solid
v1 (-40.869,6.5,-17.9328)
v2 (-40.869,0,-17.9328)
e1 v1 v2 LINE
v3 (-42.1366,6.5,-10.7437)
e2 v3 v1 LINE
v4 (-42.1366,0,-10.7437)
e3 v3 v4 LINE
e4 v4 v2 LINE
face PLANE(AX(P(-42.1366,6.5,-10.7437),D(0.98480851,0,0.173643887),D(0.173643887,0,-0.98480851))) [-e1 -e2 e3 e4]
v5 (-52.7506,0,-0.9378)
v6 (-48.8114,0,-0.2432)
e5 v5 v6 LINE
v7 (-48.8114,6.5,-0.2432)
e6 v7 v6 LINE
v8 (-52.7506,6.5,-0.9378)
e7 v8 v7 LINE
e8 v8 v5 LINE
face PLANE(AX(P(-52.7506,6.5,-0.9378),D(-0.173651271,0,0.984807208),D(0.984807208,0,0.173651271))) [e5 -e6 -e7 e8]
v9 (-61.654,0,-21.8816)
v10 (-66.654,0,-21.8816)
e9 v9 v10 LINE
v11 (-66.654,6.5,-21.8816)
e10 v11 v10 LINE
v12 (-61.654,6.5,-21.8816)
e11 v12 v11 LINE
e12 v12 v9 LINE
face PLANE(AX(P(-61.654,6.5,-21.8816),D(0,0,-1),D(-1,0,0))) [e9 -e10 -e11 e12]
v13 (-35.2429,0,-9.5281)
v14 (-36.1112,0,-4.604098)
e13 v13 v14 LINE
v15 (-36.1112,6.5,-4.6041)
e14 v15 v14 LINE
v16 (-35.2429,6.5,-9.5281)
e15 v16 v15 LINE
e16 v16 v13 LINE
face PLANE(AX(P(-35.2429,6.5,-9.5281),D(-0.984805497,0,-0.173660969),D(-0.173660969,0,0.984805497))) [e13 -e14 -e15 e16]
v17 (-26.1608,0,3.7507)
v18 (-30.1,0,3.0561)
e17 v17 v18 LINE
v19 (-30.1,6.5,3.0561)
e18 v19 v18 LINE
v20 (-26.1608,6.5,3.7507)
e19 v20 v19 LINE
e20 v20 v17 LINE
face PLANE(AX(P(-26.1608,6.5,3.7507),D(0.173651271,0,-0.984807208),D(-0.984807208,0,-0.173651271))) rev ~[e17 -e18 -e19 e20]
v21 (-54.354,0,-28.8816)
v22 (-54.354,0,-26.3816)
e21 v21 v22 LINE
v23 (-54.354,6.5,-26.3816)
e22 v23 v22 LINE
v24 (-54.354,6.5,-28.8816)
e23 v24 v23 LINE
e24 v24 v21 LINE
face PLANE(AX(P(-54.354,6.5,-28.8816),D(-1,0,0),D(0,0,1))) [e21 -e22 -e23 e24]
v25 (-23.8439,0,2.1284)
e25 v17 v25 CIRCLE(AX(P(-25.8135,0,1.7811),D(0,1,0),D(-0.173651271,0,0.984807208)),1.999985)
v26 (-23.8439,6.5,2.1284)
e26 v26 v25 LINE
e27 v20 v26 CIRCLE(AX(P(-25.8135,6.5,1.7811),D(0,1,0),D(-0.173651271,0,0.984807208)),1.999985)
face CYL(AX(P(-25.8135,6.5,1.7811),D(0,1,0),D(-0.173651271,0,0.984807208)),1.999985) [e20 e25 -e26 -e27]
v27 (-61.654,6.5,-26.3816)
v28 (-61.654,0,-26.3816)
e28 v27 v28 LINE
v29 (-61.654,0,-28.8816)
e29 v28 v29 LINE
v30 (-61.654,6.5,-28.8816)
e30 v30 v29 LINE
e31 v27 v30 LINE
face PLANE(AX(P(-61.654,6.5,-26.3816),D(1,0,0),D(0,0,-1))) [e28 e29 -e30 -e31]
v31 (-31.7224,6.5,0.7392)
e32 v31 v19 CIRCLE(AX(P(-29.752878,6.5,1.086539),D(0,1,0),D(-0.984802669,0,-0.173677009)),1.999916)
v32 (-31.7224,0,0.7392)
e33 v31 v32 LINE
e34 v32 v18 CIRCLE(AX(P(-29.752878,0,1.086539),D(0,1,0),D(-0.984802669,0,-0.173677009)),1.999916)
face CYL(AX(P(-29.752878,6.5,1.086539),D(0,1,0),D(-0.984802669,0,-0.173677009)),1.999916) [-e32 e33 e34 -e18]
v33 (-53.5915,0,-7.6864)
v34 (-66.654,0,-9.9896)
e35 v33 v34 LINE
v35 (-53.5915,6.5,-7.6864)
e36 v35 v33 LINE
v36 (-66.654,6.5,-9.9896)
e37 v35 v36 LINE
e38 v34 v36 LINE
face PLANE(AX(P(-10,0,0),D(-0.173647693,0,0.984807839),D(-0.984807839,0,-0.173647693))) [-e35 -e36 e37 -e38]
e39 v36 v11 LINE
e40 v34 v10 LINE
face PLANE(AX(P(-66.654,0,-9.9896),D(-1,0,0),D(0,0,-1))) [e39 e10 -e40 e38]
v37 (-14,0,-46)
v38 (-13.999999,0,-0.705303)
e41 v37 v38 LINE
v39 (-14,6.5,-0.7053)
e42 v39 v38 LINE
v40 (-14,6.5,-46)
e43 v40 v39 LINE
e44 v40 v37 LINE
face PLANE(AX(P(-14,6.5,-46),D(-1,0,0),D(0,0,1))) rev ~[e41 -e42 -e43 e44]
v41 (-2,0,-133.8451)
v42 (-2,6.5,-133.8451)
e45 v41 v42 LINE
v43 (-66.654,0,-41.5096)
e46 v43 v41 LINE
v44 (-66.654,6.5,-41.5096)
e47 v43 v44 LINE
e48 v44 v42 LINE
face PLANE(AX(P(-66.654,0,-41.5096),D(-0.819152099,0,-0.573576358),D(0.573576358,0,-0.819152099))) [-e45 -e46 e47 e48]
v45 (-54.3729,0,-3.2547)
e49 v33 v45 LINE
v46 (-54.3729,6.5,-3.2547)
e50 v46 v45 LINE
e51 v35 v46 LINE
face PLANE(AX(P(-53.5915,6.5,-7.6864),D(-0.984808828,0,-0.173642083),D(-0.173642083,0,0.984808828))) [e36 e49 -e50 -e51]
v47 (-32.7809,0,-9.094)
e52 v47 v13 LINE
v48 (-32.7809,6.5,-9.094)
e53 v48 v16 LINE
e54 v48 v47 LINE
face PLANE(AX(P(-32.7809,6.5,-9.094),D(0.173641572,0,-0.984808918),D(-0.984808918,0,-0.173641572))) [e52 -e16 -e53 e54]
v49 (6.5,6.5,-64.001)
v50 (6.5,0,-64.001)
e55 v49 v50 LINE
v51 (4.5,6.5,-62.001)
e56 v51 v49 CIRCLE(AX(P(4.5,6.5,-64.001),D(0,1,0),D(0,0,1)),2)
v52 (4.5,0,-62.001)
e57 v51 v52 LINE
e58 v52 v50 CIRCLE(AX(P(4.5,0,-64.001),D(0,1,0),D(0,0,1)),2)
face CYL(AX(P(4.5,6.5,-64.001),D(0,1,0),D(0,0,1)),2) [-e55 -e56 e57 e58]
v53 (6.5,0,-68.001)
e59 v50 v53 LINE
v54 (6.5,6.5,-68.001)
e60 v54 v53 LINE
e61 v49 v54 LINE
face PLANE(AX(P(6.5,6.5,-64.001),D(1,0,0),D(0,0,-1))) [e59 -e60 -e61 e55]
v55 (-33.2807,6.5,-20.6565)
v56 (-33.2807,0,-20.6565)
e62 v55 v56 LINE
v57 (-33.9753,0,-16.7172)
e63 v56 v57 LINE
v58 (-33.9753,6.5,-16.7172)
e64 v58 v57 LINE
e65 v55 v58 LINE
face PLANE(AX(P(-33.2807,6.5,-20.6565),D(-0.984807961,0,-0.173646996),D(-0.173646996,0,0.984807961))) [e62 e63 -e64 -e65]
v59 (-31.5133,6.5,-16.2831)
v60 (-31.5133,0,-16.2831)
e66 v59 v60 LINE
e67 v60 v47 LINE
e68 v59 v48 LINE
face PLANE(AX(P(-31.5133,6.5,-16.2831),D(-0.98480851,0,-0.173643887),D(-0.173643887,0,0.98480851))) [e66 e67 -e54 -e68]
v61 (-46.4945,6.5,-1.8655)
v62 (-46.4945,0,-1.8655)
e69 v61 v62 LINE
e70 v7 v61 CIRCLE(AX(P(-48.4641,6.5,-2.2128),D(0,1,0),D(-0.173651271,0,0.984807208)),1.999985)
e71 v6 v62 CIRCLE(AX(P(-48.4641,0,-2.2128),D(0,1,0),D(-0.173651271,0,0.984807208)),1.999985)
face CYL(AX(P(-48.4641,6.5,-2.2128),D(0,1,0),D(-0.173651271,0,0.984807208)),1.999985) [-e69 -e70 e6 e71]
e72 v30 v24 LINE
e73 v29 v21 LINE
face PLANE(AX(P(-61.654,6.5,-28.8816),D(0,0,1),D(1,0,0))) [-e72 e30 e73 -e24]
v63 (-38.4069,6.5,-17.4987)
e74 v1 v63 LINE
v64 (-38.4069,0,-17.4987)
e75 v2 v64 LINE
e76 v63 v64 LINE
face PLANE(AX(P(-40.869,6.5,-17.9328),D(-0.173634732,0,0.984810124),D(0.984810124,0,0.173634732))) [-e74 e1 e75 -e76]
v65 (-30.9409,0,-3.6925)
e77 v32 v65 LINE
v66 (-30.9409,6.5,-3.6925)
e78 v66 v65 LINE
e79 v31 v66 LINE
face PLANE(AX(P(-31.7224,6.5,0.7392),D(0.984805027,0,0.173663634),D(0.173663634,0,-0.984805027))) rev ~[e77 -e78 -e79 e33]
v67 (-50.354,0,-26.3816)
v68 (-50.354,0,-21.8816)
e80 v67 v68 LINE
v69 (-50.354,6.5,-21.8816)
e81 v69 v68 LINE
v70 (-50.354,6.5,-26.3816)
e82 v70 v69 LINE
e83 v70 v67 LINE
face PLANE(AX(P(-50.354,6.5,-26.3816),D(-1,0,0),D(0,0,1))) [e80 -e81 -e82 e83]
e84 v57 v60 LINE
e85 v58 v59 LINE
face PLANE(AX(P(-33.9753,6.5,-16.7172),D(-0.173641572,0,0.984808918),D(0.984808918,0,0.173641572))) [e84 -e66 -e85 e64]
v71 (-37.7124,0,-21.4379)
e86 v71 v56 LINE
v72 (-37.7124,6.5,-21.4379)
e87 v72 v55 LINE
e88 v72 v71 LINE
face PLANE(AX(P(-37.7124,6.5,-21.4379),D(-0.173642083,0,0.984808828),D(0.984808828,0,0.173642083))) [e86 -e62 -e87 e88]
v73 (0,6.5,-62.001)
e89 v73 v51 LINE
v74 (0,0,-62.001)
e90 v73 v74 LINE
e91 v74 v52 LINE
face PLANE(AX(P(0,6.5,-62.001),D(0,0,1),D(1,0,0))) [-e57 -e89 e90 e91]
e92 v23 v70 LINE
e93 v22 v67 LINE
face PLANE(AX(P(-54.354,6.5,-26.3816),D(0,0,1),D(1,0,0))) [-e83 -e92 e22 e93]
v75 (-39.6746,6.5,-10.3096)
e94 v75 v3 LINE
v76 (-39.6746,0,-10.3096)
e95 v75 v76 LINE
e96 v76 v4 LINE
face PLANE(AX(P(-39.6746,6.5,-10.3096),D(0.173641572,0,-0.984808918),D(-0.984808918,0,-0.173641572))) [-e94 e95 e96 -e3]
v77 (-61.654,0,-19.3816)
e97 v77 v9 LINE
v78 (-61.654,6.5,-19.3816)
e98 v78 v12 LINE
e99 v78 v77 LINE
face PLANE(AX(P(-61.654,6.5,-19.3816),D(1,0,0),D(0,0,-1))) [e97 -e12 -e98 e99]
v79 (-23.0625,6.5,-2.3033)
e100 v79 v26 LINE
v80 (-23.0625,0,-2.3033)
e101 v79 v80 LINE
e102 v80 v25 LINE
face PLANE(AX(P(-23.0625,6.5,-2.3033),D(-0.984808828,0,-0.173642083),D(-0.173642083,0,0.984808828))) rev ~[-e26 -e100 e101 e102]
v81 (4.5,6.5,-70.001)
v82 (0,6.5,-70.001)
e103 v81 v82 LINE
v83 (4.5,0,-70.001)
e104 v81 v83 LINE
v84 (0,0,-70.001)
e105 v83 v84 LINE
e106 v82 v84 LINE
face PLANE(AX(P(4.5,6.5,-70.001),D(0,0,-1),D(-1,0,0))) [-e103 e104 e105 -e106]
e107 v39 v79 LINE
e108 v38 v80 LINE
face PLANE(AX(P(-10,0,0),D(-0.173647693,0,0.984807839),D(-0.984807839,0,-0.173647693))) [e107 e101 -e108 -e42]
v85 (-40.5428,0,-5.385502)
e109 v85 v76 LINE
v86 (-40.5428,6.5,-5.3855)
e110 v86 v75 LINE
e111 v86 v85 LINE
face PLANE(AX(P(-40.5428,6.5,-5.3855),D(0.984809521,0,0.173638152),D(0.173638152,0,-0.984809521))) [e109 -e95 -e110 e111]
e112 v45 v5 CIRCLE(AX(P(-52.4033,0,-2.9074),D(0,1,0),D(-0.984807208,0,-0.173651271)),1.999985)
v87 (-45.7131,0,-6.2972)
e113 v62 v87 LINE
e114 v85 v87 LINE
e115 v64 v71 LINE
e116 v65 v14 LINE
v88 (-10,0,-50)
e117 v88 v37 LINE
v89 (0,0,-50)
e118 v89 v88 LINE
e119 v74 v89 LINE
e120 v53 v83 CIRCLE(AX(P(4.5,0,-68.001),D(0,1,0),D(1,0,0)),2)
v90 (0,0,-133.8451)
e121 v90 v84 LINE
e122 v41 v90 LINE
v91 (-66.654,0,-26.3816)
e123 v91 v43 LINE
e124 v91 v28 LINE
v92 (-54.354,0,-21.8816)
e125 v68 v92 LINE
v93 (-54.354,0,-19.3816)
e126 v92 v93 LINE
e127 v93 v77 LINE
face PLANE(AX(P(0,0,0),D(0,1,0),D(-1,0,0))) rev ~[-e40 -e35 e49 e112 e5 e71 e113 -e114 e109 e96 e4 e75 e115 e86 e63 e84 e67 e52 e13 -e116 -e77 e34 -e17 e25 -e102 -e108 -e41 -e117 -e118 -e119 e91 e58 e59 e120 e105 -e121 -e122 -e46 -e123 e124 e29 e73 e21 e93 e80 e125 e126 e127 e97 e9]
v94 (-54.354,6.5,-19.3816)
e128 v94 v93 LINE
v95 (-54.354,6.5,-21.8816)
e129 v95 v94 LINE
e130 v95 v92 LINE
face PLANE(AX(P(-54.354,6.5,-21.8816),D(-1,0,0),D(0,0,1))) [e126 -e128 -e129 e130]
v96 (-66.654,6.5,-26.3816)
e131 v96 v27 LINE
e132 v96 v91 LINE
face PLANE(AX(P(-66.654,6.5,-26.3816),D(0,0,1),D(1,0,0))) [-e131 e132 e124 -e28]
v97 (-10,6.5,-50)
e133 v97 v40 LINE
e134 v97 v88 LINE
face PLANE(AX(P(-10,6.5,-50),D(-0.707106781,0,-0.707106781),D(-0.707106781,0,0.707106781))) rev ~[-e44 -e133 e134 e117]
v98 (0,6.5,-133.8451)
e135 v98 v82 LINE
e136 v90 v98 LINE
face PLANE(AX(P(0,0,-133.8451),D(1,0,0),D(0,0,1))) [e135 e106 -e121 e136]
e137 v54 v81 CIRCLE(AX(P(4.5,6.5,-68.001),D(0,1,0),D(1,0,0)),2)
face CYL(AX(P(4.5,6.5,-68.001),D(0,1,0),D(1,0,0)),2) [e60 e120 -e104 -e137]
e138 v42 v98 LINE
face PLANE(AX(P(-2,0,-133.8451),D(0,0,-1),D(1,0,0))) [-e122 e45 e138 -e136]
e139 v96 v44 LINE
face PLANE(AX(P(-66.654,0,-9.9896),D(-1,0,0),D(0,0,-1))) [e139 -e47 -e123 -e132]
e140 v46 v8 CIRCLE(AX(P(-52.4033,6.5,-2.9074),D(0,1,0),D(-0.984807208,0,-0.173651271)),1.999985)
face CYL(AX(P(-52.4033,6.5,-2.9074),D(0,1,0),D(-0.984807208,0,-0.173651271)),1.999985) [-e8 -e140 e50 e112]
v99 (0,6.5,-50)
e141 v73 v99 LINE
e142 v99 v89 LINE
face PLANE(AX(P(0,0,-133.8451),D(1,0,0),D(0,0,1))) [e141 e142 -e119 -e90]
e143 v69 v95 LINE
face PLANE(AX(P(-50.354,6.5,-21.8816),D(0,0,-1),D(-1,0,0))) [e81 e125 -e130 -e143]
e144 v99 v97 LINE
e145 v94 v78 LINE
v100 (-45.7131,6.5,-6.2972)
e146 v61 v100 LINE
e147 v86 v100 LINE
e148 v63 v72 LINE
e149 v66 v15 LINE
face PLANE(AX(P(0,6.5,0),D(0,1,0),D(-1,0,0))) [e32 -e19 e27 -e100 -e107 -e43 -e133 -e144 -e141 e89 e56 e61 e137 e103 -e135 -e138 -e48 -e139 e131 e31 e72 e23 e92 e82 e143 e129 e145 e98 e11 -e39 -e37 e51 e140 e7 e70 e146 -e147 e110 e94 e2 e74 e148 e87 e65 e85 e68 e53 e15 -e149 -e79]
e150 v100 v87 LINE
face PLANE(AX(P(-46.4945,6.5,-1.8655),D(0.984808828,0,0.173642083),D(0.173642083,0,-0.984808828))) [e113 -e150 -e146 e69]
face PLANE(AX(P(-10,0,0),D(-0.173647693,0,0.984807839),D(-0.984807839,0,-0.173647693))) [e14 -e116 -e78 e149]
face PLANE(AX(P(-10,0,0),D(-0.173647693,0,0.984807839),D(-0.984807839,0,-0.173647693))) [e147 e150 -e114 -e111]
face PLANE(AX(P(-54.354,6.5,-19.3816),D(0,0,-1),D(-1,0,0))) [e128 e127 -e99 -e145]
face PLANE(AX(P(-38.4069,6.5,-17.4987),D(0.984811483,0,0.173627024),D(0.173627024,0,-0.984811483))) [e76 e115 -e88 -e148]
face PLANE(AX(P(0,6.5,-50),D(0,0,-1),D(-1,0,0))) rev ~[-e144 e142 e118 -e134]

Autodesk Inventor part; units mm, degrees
ref_plane "YZ Plane" through (0, 0, 0) normal (1, 0, 0) x (0, 1, 0)
ref_plane "XZ Plane" through (0, 0, 0) normal (0, 1, 0) x (-1, 0, 0)
ref_plane "XY Plane" through (0, 0, 0) normal (0, 0, 1) x (1, 0, 0)
sketch "Sketch1" plane through (0, 0, 0) normal (0, 1, 0) x (-1, 0, 0)
  line L0 (0, 0) -> (10, 0)
  line L1 (10, 0) -> (66.654, -9.9896)
  line L2 (66.654, -9.9896) -> (66.654, -41.5096)
  line L3 (66.654, -41.5096) -> (2, -133.8451)
  line L4 (2, -133.8451) -> (0, -133.8451)
  line L5 (0, -133.8451) -> (0, 0)
  dimension "d0" = 31.52
  dimension "d1" = 145
  dimension "d2" = 100
  dimension "d3" = 10
  dimension "d4" = 2
  dimension "d5" = 66.654
extrude "Extrusion1" add sketch "Sketch1" along normal blind 6.5
sketch "Sketch2" plane through (0, 6.5, 0) normal (0, 1, 0) x (1, 0, 0)
  line L0 (-66.654, 41.5096) -> (-66.654, 9.9896) projected
  line L1 (-66.654, 9.9896) -> (-10, 0) projected
  line L2 (-50.354, 26.3816) -> (-50.354, 21.8816)
  line L3 (-66.654, 21.8816) -> (-66.654, 26.3816)
  line L4 (-61.654, 28.8816) -> (-54.354, 28.8816)
  line L5 (-54.354, 19.3816) -> (-61.654, 19.3816)
  line L6 (-66.654, 26.3816) -> (-61.654, 26.3816)
  line L7 (-54.354, 26.3816) -> (-50.354, 26.3816)
  line L8 (-61.654, 19.3816) -> (-61.654, 21.8816)
  line L9 (-61.654, 26.3816) -> (-61.654, 28.8816)
  line L10 (-50.354, 21.8816) -> (-54.354, 21.8816)
  line L11 (-61.654, 21.8816) -> (-66.654, 21.8816)
  line L12 (-54.354, 28.8816) -> (-54.354, 26.3816)
  line L13 (-54.354, 21.8816) -> (-54.354, 19.3816)
  line L14 (-37.7124, 21.4379) -> (-33.2807, 20.6565)
  line L15 (-36.1112, 4.6041) -> (-40.5428, 5.3855)
  line L16 (-42.1366, 10.7437) -> (-40.869, 17.9328)
  line L17 (-31.5133, 16.2831) -> (-32.7809, 9.094)
  line L18 (-40.5428, 5.3855) -> (-39.6746, 10.3096)
  line L19 (-38.4069, 17.4987) -> (-37.7124, 21.4379)
  line L20 (-32.7809, 9.094) -> (-35.2429, 9.5281)
  line L21 (-39.6746, 10.3096) -> (-42.1366, 10.7437)
  line L22 (-33.2807, 20.6565) -> (-33.9753, 16.7172)
  line L23 (-35.2429, 9.5281) -> (-36.1112, 4.6041)
  line L24 (-40.869, 17.9328) -> (-38.4069, 17.4987)
  line L25 (-33.9753, 16.7172) -> (-31.5133, 16.2831)
  point P0 (-38.327, 4.9948)
  point P1 (-50.354, 24.1316)
  dimension "d8" = 4.5
  dimension "d9" = 5
  dimension "d10" = 4
  dimension "d11" = 7.3
  dimension "d12" = 2.5
  dimension "d13" = 4.5
  dimension "d14" = 5
  dimension "d15" = 4
  dimension "d16" = 7.3
  dimension "d17" = 2.5
  dimension "d35" = 14.142
extrude "Extrusion2" cut sketch "Sketch2" against normal through all
sketch "Sketch3" plane through (0, 6.5, 0) normal (0, 1, 0) x (1, 0, 0)
  line L0 (-66.654, 9.9896) -> (-40.5428, 5.3855) projected
  line L1 (-37.7124, 21.4379) -> (-33.2807, 20.6565) projected
  line L2 (-36.1112, 4.6041) -> (-10, 0) projected
  line L3 (-45.7131, 6.2972) -> (-53.5915, 7.6864)
  line L4 (-53.5915, 7.6864) -> (-54.3729, 3.2547)
  line L5 (-52.7506, 0.9378) -> (-48.8114, 0.2432)
  line L6 (-46.4945, 1.8655) -> (-45.7131, 6.2972)
  line L7 (-30.9409, 3.6925) -> (-23.0625, 2.3033)
  line L8 (-23.0625, 2.3033) -> (-23.8439, -2.1284)
  line L9 (-26.1608, -3.7507) -> (-30.1, -3.0561)
  line L10 (-31.7224, -0.7392) -> (-30.9409, 3.6925)
  arc A0 (-54.3729, 3.2547) -> (-52.7506, 0.9378) centre (-52.4033, 2.9074) ccw
  arc A1 (-48.8114, 0.2432) -> (-46.4945, 1.8655) centre (-48.4641, 2.2128) ccw
  arc A2 (-31.7224, -0.7392) -> (-30.1, -3.0561) centre (-29.7527, -1.0865) ccw
  arc A3 (-26.1608, -3.7507) -> (-23.8439, -2.1284) centre (-25.8135, -1.7811) ccw
  point P0 (-35.4965, 21.0472)
  dimension "d20" = 2
  dimension "d21" = 8
  dimension "d22" = 8
  dimension "d23" = 6.5
  dimension "d24" = 15
  dimension "d25" = 7.5
extrude "Extrusion3" add sketch "Sketch3" against normal blind 6.5
sketch "Sketch4" plane through (0, 6.5, 0) normal (0, 1, 0) x (1, 0, 0)
  line L0 (-23.0625, 2.3033) -> (-10, 0) projected
  line L1 (-10, 0) -> (0, 0) projected
  line L2 (0, 0) -> (0, 133.8451) projected
  line L3 (-61.654, 19.3816) -> (-61.654, 21.8816) projected
  line L4 (0, 50) -> (-10, 50)
  line L5 (-10, 50) -> (-14, 46)
  line L6 (-14, 46) -> (-14, 0.7053)
  dimension "d28" = 45
  dimension "d29" = 10
  dimension "d30" = 50
  dimension "d32" = 4
extrude "Extrusion4" cut sketch "Sketch4" against normal through all
sketch "Sketch5" plane through (0, 6.5, 0) normal (0, 1, 0) x (1, 0, 0)
  line L0 (0, 50) -> (0, 133.8451) projected
  line L1 (0, 62.001) -> (4.5, 62.001)
  line L2 (6.5, 64.001) -> (6.5, 68.001)
  line L3 (4.5, 70.001) -> (0, 70.001)
  line L4 (0, 70.001) -> (0, 62.001)
  arc A0 (4.5, 62.001) -> (6.5, 64.001) centre (4.5, 64.001) ccw
  arc A1 (6.5, 68.001) -> (4.5, 70.001) centre (4.5, 68.001) ccw
  point P0 (0, 0)
  dimension "d36" = 2
  dimension "d37" = 8
  dimension "d38" = 6.5
  dimension "d39" = 12.001
extrude "Extrusion5" add sketch "Sketch5" against normal blind 6.5
equation "\"d25\" = 0.5 * d24"
properties part number "front_panel_brace_middle" material "Plywood, Finish"
